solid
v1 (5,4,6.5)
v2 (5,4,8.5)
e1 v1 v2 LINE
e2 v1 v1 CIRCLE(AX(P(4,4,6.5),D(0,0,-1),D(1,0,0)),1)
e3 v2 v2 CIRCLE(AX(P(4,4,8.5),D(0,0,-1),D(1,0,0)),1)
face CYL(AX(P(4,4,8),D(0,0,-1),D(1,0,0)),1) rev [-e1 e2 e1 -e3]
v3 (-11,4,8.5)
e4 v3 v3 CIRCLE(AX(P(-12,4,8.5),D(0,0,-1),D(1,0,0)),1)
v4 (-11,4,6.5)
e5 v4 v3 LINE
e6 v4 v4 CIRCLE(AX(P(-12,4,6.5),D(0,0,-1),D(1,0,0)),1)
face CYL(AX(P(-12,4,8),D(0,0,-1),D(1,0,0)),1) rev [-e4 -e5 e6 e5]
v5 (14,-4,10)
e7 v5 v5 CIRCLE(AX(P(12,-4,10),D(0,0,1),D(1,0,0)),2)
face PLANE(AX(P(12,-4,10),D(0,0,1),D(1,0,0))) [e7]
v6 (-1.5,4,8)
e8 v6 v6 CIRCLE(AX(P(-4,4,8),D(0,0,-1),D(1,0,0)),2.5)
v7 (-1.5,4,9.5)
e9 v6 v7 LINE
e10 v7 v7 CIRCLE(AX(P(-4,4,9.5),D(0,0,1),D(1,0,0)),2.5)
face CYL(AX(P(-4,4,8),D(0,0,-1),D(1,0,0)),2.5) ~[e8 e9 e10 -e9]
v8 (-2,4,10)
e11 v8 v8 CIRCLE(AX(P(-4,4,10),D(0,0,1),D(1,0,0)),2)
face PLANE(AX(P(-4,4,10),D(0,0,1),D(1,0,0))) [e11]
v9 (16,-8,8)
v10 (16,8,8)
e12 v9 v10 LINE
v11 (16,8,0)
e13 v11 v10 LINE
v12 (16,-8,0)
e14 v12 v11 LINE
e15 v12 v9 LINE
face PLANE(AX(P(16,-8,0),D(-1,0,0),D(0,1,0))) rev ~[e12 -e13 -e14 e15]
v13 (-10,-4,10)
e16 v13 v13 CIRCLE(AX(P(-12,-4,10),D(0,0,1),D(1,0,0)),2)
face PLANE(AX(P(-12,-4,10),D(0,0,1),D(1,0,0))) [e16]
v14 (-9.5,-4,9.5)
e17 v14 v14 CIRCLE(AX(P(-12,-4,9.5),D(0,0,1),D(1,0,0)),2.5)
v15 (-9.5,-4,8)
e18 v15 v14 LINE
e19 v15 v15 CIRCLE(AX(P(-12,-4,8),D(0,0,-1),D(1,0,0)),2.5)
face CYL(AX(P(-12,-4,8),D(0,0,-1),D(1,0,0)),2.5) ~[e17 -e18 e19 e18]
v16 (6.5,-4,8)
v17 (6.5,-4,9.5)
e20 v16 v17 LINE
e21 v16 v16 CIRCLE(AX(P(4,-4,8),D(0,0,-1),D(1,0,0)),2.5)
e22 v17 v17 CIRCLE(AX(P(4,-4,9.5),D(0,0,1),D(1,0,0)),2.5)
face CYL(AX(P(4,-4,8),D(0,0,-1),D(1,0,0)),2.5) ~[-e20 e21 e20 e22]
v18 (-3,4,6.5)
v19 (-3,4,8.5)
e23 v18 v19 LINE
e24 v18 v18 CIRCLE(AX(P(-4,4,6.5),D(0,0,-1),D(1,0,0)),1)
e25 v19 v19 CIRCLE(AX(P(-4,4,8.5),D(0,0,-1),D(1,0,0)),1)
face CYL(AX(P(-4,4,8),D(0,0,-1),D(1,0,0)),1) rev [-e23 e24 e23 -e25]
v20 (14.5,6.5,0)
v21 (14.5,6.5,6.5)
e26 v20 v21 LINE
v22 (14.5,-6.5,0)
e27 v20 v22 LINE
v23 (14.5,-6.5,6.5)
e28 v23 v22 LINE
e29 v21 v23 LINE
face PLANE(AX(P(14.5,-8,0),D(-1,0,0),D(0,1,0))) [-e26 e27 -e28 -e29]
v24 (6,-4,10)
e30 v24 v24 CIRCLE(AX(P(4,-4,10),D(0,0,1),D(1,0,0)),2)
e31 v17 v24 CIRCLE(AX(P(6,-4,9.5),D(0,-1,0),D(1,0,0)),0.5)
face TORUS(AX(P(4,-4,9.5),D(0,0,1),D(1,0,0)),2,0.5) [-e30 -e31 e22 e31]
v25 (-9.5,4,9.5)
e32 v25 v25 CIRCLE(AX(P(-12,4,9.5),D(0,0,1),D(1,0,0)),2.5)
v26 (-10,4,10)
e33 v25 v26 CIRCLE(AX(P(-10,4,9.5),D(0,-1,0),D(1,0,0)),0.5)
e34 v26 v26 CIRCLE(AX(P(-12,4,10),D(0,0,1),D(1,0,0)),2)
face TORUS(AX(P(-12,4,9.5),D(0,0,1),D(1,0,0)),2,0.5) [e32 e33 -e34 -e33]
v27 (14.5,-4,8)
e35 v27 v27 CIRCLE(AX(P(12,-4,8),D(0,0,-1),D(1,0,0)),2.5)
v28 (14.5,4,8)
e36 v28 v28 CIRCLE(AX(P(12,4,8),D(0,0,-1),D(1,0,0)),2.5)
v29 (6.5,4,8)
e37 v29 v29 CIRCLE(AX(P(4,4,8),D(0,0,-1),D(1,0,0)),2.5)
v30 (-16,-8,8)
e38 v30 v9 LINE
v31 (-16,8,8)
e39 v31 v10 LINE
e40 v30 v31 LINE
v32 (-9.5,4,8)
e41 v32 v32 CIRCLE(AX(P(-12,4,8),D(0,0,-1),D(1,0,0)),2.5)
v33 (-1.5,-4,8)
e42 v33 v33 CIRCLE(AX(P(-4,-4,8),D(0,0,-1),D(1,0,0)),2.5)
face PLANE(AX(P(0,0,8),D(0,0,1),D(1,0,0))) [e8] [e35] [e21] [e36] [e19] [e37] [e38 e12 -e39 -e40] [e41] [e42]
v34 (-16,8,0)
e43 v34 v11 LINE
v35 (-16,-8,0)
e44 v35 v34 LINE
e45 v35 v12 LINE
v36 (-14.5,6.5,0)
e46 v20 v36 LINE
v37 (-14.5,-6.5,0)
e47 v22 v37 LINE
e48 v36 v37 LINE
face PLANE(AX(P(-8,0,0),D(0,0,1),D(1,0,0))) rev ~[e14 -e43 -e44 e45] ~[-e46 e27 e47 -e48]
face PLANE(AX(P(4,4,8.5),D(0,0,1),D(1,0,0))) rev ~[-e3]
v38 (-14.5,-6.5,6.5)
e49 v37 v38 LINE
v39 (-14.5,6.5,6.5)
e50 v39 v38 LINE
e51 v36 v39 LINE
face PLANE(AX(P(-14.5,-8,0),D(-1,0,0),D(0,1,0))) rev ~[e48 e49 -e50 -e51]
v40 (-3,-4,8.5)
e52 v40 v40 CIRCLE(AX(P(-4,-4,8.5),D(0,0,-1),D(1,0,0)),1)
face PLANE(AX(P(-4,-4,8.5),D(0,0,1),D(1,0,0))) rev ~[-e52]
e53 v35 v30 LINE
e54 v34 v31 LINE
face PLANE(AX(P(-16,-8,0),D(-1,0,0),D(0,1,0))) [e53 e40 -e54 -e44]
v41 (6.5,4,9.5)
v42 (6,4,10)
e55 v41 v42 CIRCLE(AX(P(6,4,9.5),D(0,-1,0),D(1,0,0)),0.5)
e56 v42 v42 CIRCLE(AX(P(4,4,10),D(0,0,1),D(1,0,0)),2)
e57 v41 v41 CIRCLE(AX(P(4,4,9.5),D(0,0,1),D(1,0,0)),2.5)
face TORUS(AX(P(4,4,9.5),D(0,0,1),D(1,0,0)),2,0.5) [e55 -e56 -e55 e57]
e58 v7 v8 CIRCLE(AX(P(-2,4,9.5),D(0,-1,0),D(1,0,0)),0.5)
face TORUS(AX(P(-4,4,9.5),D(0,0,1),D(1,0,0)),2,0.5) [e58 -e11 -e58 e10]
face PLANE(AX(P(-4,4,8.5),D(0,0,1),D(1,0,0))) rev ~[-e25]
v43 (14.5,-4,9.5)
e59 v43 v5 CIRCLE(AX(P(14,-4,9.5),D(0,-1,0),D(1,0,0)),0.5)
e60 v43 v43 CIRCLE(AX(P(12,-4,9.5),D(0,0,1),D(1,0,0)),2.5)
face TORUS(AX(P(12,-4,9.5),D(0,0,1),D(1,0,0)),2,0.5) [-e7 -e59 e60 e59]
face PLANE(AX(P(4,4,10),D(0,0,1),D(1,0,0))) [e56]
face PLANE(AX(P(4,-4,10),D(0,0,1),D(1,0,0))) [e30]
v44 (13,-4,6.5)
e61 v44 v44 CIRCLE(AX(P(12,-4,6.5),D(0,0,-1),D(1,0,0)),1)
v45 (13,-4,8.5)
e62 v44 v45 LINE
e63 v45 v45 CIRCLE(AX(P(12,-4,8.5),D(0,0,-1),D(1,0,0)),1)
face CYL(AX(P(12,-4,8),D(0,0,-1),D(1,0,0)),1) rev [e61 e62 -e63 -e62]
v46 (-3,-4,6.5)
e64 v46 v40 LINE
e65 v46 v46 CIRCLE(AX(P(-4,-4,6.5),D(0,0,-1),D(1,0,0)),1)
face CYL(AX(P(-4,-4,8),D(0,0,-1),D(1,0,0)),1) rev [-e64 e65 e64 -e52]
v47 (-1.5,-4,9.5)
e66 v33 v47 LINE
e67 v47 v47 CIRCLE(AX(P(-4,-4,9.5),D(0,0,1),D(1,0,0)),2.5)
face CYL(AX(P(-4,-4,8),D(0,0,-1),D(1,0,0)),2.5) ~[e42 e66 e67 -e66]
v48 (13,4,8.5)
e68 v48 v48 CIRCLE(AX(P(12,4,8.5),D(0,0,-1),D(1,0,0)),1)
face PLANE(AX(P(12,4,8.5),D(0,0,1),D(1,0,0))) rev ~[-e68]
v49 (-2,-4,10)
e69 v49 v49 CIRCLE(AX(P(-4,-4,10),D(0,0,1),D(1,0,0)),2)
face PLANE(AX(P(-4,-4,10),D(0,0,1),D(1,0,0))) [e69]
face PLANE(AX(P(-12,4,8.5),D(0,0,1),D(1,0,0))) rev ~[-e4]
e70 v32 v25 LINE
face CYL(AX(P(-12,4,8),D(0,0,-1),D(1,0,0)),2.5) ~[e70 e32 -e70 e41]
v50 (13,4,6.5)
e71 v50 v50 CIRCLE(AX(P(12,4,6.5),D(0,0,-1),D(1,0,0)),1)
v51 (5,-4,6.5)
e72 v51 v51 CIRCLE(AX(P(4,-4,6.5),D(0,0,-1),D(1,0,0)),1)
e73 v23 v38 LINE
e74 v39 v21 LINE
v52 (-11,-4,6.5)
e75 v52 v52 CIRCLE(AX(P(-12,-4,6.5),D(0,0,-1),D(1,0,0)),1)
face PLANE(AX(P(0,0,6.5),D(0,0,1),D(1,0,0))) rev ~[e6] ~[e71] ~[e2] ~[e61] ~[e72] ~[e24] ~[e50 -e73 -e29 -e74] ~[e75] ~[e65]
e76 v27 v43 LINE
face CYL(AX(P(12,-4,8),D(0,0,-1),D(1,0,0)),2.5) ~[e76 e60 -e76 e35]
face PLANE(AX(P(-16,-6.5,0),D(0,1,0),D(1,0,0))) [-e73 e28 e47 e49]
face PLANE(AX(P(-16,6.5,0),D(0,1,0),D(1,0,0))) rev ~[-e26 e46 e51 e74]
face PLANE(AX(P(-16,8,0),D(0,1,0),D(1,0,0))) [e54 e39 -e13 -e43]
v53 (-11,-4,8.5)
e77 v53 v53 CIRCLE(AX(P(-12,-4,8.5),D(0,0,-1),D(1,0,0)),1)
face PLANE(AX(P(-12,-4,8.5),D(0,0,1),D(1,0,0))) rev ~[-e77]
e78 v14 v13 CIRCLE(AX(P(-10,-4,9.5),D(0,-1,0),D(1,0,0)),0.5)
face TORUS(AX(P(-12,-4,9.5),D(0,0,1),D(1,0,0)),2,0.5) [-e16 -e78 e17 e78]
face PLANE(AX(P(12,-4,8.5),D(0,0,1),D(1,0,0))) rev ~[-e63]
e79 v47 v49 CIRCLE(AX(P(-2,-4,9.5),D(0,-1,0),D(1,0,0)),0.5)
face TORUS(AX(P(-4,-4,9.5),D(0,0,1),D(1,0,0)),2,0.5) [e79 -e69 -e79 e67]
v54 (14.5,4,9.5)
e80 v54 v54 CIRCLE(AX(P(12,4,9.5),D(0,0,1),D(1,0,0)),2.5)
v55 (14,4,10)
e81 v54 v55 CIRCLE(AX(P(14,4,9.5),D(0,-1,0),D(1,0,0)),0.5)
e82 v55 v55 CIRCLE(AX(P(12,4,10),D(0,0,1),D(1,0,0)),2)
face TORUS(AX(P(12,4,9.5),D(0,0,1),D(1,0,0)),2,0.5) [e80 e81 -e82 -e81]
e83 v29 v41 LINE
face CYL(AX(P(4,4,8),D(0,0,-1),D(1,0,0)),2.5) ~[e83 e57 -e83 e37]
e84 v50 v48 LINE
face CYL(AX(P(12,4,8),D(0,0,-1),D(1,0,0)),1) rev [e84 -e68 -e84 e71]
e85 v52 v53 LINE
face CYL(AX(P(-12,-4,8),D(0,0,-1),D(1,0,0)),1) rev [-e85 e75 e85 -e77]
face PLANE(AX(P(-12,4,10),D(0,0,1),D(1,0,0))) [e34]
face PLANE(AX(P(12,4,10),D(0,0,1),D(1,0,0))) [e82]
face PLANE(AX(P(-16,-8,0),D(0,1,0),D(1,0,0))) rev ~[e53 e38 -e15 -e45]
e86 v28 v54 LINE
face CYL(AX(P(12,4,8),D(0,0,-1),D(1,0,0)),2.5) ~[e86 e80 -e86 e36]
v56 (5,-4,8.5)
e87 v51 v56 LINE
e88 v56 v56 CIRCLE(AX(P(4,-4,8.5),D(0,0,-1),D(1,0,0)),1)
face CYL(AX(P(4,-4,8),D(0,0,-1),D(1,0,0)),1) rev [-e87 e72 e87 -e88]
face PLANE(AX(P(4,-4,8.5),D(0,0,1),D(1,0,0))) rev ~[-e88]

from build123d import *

# Parameters (mm, degrees)
F0_W     = 32
F0_H     = 16
F2_DEPTH = 8
F3_R     = 2.5
F4_DEPTH = 2
F5_R     = 0.5
F7_R     = 3.5798339271
F8_DEPTH = 8
F9_T     = -1.5


with BuildPart() as f2:
    # F0 (on Top) → F2 (new body)
    with BuildSketch(Plane.XY):
        Rectangle(F0_W, F0_H)
    extrude(amount=F2_DEPTH)

    # F3 (on offset) → F4 (join)
    with BuildSketch(Plane.XY.offset(8)):
        with Locations((-12, 4)):
            Circle(F3_R)
        with Locations((-4, 4)):
            Circle(F3_R)
        with Locations((4, 4)):
            Circle(F3_R)
        with Locations((12, 4)):
            Circle(F3_R)
        with Locations((4, -4)):
            Circle(F3_R)
        with Locations((-4, -4)):
            Circle(F3_R)
        with Locations((-12, -4)):
            Circle(F3_R)
        with Locations((12, -4)):
            Circle(F3_R)
    extrude(amount=F4_DEPTH)

    # F5
    f5_edges = [f2.edges().sort_by_distance(p)[0] for p in [
        (-14.5, 4, 10),
        (-6.5, 4, 10),
        (1.5, 4, 10),
        (9.5, 4, 10),
        (9.5, -4, 10),
        (1.5, -4, 10),
        (-6.5, -4, 10),
        (-14.5, -4, 10),
    ]]
    fillet(f5_edges, radius=F5_R)

    # F7 (on offset) → F8 (join)
    with BuildSketch(Plane.XY):
        with Locations((-8, 0)):
            Circle(F7_R)
        Circle(F7_R)
        with Locations((8, 0)):
            Circle(F7_R)
    extrude(amount=F8_DEPTH)

    # F9
    f9_openings = [f2.faces().sort_by_distance(p)[0] for p in [
        (0, 0, 0),
    ]]
    offset(amount=F9_T, openings=f9_openings, kind=Kind.INTERSECTION)


solid = f2.part
